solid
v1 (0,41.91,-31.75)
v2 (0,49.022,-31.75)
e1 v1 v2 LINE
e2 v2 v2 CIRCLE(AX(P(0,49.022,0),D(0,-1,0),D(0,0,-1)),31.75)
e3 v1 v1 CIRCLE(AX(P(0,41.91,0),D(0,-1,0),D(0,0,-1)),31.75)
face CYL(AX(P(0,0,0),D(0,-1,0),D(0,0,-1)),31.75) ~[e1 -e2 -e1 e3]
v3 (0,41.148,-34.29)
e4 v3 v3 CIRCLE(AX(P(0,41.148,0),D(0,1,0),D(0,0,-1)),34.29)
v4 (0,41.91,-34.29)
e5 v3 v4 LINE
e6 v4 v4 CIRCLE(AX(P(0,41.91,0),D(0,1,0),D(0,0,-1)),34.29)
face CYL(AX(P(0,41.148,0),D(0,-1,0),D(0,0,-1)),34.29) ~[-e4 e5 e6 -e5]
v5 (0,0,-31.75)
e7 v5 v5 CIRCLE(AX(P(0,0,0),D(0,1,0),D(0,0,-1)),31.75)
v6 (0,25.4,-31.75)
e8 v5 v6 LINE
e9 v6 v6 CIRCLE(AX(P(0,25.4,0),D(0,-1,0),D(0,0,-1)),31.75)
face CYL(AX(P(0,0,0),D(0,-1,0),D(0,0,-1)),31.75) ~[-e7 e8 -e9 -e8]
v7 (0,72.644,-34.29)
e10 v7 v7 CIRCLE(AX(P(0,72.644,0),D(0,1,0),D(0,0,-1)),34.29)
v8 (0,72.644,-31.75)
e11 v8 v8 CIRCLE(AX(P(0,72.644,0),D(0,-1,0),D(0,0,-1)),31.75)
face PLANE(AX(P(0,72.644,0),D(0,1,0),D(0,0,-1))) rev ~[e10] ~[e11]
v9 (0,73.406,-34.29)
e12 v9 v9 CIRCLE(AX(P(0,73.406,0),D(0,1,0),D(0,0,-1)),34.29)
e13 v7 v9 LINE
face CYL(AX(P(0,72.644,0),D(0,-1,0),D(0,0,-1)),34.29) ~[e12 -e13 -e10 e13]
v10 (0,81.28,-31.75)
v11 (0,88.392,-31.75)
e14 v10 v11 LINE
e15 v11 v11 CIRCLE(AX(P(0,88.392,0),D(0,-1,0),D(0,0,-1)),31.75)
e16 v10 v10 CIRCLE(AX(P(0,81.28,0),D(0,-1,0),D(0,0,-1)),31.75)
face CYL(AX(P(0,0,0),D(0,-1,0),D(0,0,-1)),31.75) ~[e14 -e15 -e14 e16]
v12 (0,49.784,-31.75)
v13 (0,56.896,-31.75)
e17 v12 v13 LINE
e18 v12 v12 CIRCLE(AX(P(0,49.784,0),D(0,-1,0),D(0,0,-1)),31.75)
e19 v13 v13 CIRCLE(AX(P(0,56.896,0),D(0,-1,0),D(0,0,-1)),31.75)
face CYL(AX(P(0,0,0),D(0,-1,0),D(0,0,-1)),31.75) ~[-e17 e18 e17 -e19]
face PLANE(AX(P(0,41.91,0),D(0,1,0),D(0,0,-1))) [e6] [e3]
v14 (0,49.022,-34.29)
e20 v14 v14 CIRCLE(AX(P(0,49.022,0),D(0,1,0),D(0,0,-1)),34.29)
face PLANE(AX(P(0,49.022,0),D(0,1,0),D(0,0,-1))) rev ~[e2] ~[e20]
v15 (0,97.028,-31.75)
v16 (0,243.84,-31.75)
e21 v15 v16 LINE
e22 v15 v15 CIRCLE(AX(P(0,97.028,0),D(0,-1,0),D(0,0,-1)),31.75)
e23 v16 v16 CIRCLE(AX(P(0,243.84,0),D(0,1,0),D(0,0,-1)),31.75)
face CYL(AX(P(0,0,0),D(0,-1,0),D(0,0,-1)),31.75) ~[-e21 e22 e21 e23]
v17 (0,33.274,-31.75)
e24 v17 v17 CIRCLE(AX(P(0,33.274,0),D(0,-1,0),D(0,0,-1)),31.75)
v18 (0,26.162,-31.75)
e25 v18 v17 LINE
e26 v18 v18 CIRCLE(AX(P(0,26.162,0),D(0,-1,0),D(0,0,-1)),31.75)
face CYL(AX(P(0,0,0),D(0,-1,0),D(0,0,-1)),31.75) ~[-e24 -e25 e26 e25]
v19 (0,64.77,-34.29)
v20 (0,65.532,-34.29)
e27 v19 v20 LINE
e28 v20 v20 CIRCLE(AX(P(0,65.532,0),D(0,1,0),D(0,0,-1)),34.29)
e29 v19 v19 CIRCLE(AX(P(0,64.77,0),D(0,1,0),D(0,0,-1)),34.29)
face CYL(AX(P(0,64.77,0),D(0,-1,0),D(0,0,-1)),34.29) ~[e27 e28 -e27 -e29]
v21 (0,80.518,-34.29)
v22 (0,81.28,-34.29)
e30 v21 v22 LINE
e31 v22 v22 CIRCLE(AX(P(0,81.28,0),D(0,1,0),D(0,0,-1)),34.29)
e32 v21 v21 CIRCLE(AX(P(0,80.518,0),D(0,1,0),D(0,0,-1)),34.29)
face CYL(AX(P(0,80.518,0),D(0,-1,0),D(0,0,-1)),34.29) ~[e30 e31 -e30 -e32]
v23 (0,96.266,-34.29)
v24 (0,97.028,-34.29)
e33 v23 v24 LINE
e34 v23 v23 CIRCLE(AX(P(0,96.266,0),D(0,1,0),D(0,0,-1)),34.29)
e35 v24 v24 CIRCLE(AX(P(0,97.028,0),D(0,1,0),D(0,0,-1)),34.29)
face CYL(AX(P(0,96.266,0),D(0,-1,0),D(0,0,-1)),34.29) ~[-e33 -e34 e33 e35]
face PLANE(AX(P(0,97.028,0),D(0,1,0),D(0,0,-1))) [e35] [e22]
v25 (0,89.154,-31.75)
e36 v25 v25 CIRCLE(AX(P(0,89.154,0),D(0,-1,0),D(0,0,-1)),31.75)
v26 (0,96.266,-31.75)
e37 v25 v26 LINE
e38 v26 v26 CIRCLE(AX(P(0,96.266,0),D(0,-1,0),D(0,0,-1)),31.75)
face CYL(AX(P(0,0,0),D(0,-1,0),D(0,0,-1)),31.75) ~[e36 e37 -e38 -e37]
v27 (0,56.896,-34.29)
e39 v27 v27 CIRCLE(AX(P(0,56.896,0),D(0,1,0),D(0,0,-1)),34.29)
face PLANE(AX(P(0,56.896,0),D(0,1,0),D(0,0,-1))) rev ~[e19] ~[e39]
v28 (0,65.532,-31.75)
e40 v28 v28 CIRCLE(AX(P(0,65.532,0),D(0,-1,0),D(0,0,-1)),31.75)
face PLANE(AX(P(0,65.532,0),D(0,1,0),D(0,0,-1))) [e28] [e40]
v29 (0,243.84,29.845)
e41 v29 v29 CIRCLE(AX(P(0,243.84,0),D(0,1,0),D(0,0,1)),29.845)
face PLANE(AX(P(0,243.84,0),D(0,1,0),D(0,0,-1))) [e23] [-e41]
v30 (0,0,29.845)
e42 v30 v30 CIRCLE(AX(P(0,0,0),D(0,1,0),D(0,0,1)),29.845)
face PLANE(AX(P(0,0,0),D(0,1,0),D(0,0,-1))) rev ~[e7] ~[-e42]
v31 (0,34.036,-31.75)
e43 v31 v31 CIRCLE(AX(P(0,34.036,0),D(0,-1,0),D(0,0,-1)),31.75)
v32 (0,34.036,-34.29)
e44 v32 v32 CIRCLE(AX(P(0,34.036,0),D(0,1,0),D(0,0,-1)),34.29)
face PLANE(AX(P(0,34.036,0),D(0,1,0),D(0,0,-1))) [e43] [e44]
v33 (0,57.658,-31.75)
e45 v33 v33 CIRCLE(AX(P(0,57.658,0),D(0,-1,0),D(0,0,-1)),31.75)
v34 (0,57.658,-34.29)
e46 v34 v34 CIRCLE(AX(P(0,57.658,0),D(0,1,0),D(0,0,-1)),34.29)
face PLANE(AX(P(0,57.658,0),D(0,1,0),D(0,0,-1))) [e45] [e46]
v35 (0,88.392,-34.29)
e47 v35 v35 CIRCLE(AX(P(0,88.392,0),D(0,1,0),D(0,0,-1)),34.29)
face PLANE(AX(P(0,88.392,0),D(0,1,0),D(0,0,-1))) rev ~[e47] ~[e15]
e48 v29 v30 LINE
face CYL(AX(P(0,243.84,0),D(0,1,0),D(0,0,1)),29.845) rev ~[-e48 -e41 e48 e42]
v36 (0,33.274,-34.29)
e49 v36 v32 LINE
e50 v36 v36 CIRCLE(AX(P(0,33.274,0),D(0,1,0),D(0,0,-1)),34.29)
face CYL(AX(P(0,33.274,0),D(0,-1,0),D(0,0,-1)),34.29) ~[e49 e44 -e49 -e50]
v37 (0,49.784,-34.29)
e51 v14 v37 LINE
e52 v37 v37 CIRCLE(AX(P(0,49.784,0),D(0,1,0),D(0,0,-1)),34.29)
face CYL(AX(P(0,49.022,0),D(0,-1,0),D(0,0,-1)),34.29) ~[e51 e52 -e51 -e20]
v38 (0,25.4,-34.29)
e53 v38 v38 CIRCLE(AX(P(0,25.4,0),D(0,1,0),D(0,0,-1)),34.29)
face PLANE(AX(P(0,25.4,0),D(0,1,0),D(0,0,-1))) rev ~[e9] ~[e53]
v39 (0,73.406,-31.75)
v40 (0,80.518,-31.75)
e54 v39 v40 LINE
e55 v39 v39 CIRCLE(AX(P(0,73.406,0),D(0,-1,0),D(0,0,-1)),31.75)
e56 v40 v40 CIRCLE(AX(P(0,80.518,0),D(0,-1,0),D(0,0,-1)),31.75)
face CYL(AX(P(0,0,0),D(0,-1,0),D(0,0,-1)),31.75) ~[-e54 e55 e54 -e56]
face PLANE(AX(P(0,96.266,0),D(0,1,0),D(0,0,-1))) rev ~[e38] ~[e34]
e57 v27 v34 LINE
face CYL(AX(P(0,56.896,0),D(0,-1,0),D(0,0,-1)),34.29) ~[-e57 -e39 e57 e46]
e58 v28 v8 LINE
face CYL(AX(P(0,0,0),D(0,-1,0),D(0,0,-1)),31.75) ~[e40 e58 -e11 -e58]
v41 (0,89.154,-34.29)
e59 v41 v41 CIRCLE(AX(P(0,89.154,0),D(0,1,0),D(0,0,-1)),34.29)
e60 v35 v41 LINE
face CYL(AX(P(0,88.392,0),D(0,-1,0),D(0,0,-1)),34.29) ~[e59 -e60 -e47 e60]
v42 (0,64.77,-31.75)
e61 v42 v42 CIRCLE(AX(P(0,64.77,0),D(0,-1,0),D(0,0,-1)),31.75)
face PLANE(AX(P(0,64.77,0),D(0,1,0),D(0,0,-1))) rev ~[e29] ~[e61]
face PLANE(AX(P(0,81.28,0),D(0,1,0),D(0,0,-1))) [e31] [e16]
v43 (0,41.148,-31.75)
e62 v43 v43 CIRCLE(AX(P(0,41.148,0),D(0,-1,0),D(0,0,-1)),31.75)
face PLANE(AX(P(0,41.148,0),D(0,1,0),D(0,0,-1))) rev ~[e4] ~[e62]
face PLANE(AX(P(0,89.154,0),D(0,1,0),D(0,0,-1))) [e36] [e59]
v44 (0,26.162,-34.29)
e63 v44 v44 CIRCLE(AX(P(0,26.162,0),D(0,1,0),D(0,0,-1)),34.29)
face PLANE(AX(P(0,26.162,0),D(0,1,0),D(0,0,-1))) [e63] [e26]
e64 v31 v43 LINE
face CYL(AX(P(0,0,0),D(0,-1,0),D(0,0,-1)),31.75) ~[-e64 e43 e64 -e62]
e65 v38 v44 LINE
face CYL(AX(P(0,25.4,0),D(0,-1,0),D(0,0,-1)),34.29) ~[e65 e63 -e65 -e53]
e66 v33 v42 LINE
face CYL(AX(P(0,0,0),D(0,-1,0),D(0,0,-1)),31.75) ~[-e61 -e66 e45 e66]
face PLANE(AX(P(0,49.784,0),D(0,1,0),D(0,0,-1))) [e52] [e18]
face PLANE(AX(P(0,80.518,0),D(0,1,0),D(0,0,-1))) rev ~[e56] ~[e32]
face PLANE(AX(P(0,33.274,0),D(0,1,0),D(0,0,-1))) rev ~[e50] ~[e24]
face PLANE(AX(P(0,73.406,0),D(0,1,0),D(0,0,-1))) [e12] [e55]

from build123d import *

# Parameters (mm, degrees)
SKETCH1_R           = 31.75
BOSS_EXTRUDE1_DEPTH = 243.84
SKETCH2_R           = 34.29
BOSS_EXTRUDE2_DEPTH = 0.762
LPATTERN1_COUNT     = 10
LPATTERN1_PITCH     = 7.874
SKETCH3_R           = 29.845
CUT_EXTRUDE1_DEPTH  = 249.61527266


with BuildPart() as part:
    # Sketch1 → Boss-Extrude1 (new body)
    with BuildSketch(Plane(origin=(0, 0, 0), x_dir=(1, 0, 0), z_dir=(0, 1, 0))):
        with Locations(Location((0, 0, 0), (0, 0, 90))):
            Circle(SKETCH1_R)
    extrude(amount=BOSS_EXTRUDE1_DEPTH)

    # Sketch2 → Boss-Extrude2 (add)
    with BuildSketch(Plane(origin=(0, 25.4, 0), x_dir=(1, 0, 0), z_dir=(0, 1, 0))):
        with Locations(Location((0, 0, 0), (0, 0, 90))):
            Circle(SKETCH2_R)
    boss_extrude2 = extrude(amount=BOSS_EXTRUDE2_DEPTH)

    # LPattern1: Boss-Extrude2 ×10
    with Locations(*[(0, i * LPATTERN1_PITCH, 0) for i in range(1, LPATTERN1_COUNT)]):
        add(boss_extrude2)

    # Sketch3 → Cut-Extrude1 (cut, through all)
    with BuildSketch(Plane(origin=(0, 243.84, 0), x_dir=(1, 0, 0), z_dir=(0, 1, 0))):
        with Locations(Location((0, 0, 0), (0, 0, 270))):
            Circle(SKETCH3_R)
    extrude(amount=-CUT_EXTRUDE1_DEPTH, mode=Mode.SUBTRACT)


solid = part.part
